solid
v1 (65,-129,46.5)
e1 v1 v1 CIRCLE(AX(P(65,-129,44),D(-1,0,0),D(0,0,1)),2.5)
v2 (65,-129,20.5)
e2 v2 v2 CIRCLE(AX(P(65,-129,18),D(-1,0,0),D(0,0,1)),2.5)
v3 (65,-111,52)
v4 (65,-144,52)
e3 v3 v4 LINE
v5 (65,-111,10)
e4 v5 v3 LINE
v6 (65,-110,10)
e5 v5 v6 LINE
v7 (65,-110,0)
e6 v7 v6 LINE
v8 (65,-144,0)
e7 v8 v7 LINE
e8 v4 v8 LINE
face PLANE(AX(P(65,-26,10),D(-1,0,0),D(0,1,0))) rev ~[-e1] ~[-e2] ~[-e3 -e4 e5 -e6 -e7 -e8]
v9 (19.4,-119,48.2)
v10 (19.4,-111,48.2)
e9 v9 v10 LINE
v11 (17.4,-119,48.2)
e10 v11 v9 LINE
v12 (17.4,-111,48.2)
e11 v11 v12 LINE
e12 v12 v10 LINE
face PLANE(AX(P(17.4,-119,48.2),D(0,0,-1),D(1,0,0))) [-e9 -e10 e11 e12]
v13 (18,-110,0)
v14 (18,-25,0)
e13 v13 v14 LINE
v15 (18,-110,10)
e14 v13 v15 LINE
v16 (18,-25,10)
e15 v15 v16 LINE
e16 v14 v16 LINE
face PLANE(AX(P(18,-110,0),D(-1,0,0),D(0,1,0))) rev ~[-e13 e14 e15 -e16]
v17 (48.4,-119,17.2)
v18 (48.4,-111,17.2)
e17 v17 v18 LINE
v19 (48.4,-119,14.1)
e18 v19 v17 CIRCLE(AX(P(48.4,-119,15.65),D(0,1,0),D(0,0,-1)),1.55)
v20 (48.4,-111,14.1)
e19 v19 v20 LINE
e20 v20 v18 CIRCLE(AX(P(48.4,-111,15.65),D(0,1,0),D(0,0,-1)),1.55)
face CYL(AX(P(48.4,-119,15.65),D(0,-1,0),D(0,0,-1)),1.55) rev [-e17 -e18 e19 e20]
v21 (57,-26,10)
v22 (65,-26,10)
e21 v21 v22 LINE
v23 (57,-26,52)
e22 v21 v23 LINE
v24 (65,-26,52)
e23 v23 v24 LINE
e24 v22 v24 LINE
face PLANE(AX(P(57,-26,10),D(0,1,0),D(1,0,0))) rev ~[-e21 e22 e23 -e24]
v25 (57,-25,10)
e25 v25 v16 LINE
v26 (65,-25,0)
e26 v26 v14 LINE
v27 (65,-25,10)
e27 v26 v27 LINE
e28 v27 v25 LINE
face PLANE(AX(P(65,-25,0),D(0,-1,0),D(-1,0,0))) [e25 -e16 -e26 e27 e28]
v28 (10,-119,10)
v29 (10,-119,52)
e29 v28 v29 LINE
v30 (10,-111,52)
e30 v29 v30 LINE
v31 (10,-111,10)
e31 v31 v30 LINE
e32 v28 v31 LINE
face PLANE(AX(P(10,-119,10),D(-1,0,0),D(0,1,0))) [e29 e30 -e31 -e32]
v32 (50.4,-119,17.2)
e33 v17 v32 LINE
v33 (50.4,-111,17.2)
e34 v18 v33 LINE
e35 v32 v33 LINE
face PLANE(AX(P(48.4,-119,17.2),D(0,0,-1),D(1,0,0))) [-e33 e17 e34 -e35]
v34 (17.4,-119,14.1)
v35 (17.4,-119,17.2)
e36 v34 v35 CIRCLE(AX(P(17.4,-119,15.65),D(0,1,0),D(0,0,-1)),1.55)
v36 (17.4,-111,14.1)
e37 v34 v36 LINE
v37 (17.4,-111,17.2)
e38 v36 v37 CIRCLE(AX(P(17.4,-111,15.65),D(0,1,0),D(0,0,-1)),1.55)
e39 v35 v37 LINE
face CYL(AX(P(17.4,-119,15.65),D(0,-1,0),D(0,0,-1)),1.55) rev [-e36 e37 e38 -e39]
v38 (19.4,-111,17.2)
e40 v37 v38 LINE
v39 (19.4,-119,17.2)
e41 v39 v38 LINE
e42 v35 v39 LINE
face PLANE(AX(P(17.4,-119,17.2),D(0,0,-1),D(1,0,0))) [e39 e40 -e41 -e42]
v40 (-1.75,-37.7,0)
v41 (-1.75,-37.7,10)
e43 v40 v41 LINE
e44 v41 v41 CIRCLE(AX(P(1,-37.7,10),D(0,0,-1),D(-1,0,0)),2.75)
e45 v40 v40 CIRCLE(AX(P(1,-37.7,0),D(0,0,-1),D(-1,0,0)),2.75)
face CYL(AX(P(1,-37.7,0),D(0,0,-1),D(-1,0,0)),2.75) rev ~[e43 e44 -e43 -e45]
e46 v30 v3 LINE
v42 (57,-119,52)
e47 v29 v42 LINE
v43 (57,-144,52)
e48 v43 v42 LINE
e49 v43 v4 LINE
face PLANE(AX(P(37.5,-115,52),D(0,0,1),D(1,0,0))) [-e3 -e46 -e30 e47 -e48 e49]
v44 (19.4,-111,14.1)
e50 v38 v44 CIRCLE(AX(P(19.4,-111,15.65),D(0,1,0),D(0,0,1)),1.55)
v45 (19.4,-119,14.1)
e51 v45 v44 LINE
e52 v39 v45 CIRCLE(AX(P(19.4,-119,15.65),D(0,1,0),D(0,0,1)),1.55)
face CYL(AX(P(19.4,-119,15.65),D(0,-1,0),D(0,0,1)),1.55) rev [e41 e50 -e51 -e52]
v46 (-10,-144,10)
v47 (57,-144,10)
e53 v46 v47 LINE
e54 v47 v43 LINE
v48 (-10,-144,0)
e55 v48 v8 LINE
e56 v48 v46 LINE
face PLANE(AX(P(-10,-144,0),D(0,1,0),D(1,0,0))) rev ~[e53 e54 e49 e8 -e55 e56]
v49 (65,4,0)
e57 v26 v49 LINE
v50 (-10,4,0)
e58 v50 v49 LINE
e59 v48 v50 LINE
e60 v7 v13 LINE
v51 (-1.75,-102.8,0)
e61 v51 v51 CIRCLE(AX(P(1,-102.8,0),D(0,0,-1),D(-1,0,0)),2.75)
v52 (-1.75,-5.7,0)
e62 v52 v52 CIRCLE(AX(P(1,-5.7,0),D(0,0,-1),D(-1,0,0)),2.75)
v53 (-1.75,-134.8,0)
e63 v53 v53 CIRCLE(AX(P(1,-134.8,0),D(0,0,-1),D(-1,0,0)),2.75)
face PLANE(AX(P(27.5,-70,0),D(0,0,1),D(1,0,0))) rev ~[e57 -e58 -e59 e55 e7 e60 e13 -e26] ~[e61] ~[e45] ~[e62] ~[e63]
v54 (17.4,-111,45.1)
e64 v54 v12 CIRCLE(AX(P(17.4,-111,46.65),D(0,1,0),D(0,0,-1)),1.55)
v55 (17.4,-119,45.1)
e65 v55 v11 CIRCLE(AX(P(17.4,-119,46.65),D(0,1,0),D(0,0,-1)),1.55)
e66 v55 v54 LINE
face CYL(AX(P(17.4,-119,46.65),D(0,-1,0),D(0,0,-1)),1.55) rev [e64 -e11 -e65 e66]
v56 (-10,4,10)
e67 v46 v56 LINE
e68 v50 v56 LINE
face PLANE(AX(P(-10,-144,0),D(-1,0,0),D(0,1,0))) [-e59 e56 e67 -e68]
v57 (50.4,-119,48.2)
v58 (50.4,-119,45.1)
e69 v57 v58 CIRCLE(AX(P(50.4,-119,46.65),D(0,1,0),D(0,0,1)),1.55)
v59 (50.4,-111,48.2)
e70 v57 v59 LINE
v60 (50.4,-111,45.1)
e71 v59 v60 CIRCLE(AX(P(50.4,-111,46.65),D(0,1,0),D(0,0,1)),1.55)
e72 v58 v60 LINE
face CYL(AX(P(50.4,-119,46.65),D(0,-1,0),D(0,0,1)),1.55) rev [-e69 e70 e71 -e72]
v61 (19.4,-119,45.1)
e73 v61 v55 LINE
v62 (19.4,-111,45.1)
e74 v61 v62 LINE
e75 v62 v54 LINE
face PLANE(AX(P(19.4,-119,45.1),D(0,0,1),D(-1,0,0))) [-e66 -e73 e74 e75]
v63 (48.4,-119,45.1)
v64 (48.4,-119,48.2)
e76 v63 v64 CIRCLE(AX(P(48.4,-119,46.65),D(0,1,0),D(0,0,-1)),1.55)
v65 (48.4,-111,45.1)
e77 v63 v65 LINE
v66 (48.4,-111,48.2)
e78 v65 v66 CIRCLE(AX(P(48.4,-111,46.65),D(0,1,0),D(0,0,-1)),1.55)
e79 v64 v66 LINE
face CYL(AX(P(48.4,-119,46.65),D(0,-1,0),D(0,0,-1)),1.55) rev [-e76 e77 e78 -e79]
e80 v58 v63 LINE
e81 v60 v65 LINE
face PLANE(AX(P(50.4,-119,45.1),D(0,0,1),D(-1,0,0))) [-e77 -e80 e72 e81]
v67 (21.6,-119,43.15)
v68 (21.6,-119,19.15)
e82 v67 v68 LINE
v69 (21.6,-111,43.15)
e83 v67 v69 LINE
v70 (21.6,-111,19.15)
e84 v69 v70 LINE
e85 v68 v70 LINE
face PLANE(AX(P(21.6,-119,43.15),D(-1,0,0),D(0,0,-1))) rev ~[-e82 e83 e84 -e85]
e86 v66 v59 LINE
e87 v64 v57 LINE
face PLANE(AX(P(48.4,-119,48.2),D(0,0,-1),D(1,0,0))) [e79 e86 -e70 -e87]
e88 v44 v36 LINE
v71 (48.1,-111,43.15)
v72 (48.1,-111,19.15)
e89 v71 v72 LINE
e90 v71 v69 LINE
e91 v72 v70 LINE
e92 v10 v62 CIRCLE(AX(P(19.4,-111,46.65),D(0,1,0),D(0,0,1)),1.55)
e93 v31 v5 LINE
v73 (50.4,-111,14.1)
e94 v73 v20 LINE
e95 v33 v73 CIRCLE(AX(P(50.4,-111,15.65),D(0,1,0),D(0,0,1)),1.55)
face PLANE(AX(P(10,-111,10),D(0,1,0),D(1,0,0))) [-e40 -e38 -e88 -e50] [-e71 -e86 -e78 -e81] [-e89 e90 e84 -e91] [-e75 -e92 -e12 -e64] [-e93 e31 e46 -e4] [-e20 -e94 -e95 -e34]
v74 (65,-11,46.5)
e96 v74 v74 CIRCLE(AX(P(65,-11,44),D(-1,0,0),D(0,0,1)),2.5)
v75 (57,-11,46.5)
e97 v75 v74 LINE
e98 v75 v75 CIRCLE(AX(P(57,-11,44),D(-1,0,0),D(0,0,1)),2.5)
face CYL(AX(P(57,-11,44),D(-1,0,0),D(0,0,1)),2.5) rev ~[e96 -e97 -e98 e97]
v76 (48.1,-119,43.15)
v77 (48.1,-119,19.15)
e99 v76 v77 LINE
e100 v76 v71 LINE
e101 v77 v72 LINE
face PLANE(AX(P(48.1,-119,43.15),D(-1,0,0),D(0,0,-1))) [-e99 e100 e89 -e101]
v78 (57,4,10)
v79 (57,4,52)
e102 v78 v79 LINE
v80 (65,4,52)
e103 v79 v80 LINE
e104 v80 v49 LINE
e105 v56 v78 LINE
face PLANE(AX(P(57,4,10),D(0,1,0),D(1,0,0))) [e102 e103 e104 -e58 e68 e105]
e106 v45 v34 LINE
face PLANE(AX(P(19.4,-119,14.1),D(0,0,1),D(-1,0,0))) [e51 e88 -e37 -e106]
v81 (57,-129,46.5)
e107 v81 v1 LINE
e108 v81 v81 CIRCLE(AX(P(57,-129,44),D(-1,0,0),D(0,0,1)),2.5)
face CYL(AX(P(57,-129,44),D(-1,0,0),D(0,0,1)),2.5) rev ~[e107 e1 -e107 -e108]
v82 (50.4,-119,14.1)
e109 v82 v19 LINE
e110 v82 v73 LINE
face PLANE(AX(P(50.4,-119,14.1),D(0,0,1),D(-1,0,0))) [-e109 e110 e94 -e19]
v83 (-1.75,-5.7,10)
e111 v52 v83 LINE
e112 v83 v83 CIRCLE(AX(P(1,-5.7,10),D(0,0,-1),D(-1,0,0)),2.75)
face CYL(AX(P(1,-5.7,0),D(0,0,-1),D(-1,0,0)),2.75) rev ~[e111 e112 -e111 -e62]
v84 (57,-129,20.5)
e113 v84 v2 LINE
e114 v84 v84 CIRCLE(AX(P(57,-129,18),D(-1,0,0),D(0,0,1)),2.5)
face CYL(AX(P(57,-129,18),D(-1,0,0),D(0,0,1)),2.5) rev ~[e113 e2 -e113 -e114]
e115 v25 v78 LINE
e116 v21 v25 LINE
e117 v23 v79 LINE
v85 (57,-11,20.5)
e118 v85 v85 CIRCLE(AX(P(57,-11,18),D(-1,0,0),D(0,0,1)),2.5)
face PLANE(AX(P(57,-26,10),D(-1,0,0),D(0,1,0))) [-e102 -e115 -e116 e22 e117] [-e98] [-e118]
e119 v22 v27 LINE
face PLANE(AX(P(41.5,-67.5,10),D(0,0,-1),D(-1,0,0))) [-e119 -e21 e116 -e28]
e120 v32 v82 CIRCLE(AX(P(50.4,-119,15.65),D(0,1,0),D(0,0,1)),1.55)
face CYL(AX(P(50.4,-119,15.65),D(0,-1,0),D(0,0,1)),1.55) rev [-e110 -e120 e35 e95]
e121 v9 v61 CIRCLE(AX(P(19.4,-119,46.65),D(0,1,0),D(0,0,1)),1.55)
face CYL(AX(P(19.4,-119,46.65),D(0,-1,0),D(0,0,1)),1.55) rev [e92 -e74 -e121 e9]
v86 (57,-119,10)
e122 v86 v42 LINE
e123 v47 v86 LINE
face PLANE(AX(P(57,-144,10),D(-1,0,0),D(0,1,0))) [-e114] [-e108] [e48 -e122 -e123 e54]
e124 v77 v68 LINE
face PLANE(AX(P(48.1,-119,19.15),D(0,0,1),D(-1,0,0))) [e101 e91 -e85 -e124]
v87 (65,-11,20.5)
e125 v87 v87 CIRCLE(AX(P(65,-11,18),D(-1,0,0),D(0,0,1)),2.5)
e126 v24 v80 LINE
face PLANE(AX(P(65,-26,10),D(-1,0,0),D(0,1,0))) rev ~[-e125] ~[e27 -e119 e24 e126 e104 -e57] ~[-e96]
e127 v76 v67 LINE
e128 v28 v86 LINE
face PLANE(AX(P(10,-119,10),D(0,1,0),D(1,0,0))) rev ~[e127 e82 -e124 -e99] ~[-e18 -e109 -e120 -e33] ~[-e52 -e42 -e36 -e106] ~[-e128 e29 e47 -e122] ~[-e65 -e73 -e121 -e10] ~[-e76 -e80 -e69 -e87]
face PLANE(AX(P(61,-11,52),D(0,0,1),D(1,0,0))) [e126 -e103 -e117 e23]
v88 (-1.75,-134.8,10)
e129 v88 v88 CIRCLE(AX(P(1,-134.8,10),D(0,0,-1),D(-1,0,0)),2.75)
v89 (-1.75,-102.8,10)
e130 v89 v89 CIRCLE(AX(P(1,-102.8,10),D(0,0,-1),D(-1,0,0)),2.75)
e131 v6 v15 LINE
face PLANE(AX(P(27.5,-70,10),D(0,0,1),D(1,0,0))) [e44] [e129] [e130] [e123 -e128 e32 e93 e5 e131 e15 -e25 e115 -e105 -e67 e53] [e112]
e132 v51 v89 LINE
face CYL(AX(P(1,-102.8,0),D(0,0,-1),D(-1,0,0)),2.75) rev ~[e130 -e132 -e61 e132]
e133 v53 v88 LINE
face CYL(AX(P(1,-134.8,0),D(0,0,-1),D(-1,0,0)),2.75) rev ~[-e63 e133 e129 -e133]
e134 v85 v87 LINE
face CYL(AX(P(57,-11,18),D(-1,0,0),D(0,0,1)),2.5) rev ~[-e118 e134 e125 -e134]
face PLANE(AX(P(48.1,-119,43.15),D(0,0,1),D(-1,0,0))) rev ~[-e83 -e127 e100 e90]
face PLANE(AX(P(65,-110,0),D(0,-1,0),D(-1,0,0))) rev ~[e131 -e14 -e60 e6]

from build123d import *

# Parameters (mm, degrees)
SKETCH1_W           = 75
SKETCH1_H           = 148
BOSS_EXTRUDE1_DEPTH = 10
SKETCH2_W           = 55
SKETCH2_H           = 8
BOSS_EXTRUDE2_DEPTH = 42
SKETCH3_W           = 26.5
SKETCH3_H           = 24
CUT_EXTRUDE1_DEPTH  = 8
SKETCH4_W           = 8
SKETCH4_H           = 30
SKETCH4_H_2         = 25
BOSS_EXTRUDE3_DEPTH = 42
SKETCH5_R           = 2.5
CUT_EXTRUDE2_DEPTH  = 8
CUT_EXTRUDE3_DEPTH  = 8
SKETCH10_R          = 2.75
CUT_EXTRUDE5_DEPTH  = 10
SKETCH11_W          = 47
SKETCH11_H          = 85
CUT_EXTRUDE6_DEPTH  = 10


with BuildPart() as part:
    # Sketch1 → Boss-Extrude1 (new body)
    with BuildSketch(Plane.XY):
        with Locations((27.5, -70)):
            Rectangle(SKETCH1_W, SKETCH1_H)
    extrude(amount=BOSS_EXTRUDE1_DEPTH)

    # Sketch2 → Boss-Extrude2 (add)
    with BuildSketch(Plane.XY.offset(10)):
        with Locations((37.5, -115)):
            Rectangle(SKETCH2_W, SKETCH2_H)
    extrude(amount=BOSS_EXTRUDE2_DEPTH)

    # Sketch3 → Cut-Extrude1 (cut)
    with BuildSketch(Plane(origin=(0, -119, 0), x_dir=(-1, 0, 0), z_dir=(0, -1, 0))):
        with Locations((-34.85, -31.15)):
            Rectangle(SKETCH3_W, SKETCH3_H)
    extrude(amount=-CUT_EXTRUDE1_DEPTH, mode=Mode.SUBTRACT)

    # Sketch4 → Boss-Extrude3 (add)
    with BuildSketch(Plane.XY.offset(10)):
        with Locations((61, -11)):
            Rectangle(SKETCH4_W, SKETCH4_H)
        with Locations((61, -131.5)):
            Rectangle(SKETCH4_W, SKETCH4_H_2)
    extrude(amount=BOSS_EXTRUDE3_DEPTH)

    # Sketch5 → Cut-Extrude2 (cut)
    with BuildSketch(Plane.ZY.offset(-57)):
        with Locations((18, -11)):
            Circle(SKETCH5_R)
        with Locations((44, -11)):
            Circle(SKETCH5_R)
        with Locations((44, -129)):
            Circle(SKETCH5_R)
        with Locations((18, -129)):
            Circle(SKETCH5_R)
    extrude(amount=-CUT_EXTRUDE2_DEPTH, mode=Mode.SUBTRACT)

    # Sketch6 → Cut-Extrude3 (cut)
    with BuildSketch(Plane(origin=(0, -119, 0), x_dir=(-1, 0, 0), z_dir=(0, -1, 0))):
        with BuildLine():
            Line((-19.4, -45.1), (-17.4, -45.1))
            ThreePointArc((-17.4, -45.1), (-15.85, -46.65), (-17.4, -48.2))
            Line((-17.4, -48.2), (-19.4, -48.2))
            ThreePointArc((-19.4, -48.2), (-20.95, -46.65), (-19.4, -45.1))
        make_face()
        with BuildLine():
            Line((-19.4, -14.1), (-17.4, -14.1))
            ThreePointArc((-17.4, -14.1), (-15.85, -15.65), (-17.4, -17.2))
            Line((-17.4, -17.2), (-19.4, -17.2))
            ThreePointArc((-19.4, -17.2), (-20.95, -15.65), (-19.4, -14.1))
        make_face()
        with BuildLine():
            Line((-50.4, -45.1), (-48.4, -45.1))
            ThreePointArc((-48.4, -45.1), (-46.85, -46.65), (-48.4, -48.2))
            Line((-48.4, -48.2), (-50.4, -48.2))
            ThreePointArc((-50.4, -48.2), (-51.95, -46.65), (-50.4, -45.1))
        make_face()
        with BuildLine():
            Line((-50.4, -14.1), (-48.4, -14.1))
            ThreePointArc((-48.4, -14.1), (-46.85, -15.65), (-48.4, -17.2))
            Line((-48.4, -17.2), (-50.4, -17.2))
            ThreePointArc((-50.4, -17.2), (-51.95, -15.65), (-50.4, -14.1))
        make_face()
    extrude(amount=-CUT_EXTRUDE3_DEPTH, mode=Mode.SUBTRACT)

    # Sketch10 → Cut-Extrude5 (cut)
    with BuildSketch(Plane(origin=(0, 0, 0), x_dir=(-1, 0, 0), z_dir=(0, 0, -1))):
        with Locations((-1, -102.8)):
            Circle(SKETCH10_R)
        with Locations((-1, -134.8)):
            Circle(SKETCH10_R)
        with Locations((-1, -37.7)):
            Circle(SKETCH10_R)
        with Locations((-1, -5.7)):
            Circle(SKETCH10_R)
    extrude(amount=-CUT_EXTRUDE5_DEPTH, mode=Mode.SUBTRACT)

    # Sketch11 → Cut-Extrude6 (cut)
    with BuildSketch(Plane(origin=(0, 0, 0), x_dir=(-1, 0, 0), z_dir=(0, 0, -1))):
        with Locations((-41.5, -67.5)):
            Rectangle(SKETCH11_W, SKETCH11_H)
    extrude(amount=-CUT_EXTRUDE6_DEPTH, mode=Mode.SUBTRACT)


solid = part.part
